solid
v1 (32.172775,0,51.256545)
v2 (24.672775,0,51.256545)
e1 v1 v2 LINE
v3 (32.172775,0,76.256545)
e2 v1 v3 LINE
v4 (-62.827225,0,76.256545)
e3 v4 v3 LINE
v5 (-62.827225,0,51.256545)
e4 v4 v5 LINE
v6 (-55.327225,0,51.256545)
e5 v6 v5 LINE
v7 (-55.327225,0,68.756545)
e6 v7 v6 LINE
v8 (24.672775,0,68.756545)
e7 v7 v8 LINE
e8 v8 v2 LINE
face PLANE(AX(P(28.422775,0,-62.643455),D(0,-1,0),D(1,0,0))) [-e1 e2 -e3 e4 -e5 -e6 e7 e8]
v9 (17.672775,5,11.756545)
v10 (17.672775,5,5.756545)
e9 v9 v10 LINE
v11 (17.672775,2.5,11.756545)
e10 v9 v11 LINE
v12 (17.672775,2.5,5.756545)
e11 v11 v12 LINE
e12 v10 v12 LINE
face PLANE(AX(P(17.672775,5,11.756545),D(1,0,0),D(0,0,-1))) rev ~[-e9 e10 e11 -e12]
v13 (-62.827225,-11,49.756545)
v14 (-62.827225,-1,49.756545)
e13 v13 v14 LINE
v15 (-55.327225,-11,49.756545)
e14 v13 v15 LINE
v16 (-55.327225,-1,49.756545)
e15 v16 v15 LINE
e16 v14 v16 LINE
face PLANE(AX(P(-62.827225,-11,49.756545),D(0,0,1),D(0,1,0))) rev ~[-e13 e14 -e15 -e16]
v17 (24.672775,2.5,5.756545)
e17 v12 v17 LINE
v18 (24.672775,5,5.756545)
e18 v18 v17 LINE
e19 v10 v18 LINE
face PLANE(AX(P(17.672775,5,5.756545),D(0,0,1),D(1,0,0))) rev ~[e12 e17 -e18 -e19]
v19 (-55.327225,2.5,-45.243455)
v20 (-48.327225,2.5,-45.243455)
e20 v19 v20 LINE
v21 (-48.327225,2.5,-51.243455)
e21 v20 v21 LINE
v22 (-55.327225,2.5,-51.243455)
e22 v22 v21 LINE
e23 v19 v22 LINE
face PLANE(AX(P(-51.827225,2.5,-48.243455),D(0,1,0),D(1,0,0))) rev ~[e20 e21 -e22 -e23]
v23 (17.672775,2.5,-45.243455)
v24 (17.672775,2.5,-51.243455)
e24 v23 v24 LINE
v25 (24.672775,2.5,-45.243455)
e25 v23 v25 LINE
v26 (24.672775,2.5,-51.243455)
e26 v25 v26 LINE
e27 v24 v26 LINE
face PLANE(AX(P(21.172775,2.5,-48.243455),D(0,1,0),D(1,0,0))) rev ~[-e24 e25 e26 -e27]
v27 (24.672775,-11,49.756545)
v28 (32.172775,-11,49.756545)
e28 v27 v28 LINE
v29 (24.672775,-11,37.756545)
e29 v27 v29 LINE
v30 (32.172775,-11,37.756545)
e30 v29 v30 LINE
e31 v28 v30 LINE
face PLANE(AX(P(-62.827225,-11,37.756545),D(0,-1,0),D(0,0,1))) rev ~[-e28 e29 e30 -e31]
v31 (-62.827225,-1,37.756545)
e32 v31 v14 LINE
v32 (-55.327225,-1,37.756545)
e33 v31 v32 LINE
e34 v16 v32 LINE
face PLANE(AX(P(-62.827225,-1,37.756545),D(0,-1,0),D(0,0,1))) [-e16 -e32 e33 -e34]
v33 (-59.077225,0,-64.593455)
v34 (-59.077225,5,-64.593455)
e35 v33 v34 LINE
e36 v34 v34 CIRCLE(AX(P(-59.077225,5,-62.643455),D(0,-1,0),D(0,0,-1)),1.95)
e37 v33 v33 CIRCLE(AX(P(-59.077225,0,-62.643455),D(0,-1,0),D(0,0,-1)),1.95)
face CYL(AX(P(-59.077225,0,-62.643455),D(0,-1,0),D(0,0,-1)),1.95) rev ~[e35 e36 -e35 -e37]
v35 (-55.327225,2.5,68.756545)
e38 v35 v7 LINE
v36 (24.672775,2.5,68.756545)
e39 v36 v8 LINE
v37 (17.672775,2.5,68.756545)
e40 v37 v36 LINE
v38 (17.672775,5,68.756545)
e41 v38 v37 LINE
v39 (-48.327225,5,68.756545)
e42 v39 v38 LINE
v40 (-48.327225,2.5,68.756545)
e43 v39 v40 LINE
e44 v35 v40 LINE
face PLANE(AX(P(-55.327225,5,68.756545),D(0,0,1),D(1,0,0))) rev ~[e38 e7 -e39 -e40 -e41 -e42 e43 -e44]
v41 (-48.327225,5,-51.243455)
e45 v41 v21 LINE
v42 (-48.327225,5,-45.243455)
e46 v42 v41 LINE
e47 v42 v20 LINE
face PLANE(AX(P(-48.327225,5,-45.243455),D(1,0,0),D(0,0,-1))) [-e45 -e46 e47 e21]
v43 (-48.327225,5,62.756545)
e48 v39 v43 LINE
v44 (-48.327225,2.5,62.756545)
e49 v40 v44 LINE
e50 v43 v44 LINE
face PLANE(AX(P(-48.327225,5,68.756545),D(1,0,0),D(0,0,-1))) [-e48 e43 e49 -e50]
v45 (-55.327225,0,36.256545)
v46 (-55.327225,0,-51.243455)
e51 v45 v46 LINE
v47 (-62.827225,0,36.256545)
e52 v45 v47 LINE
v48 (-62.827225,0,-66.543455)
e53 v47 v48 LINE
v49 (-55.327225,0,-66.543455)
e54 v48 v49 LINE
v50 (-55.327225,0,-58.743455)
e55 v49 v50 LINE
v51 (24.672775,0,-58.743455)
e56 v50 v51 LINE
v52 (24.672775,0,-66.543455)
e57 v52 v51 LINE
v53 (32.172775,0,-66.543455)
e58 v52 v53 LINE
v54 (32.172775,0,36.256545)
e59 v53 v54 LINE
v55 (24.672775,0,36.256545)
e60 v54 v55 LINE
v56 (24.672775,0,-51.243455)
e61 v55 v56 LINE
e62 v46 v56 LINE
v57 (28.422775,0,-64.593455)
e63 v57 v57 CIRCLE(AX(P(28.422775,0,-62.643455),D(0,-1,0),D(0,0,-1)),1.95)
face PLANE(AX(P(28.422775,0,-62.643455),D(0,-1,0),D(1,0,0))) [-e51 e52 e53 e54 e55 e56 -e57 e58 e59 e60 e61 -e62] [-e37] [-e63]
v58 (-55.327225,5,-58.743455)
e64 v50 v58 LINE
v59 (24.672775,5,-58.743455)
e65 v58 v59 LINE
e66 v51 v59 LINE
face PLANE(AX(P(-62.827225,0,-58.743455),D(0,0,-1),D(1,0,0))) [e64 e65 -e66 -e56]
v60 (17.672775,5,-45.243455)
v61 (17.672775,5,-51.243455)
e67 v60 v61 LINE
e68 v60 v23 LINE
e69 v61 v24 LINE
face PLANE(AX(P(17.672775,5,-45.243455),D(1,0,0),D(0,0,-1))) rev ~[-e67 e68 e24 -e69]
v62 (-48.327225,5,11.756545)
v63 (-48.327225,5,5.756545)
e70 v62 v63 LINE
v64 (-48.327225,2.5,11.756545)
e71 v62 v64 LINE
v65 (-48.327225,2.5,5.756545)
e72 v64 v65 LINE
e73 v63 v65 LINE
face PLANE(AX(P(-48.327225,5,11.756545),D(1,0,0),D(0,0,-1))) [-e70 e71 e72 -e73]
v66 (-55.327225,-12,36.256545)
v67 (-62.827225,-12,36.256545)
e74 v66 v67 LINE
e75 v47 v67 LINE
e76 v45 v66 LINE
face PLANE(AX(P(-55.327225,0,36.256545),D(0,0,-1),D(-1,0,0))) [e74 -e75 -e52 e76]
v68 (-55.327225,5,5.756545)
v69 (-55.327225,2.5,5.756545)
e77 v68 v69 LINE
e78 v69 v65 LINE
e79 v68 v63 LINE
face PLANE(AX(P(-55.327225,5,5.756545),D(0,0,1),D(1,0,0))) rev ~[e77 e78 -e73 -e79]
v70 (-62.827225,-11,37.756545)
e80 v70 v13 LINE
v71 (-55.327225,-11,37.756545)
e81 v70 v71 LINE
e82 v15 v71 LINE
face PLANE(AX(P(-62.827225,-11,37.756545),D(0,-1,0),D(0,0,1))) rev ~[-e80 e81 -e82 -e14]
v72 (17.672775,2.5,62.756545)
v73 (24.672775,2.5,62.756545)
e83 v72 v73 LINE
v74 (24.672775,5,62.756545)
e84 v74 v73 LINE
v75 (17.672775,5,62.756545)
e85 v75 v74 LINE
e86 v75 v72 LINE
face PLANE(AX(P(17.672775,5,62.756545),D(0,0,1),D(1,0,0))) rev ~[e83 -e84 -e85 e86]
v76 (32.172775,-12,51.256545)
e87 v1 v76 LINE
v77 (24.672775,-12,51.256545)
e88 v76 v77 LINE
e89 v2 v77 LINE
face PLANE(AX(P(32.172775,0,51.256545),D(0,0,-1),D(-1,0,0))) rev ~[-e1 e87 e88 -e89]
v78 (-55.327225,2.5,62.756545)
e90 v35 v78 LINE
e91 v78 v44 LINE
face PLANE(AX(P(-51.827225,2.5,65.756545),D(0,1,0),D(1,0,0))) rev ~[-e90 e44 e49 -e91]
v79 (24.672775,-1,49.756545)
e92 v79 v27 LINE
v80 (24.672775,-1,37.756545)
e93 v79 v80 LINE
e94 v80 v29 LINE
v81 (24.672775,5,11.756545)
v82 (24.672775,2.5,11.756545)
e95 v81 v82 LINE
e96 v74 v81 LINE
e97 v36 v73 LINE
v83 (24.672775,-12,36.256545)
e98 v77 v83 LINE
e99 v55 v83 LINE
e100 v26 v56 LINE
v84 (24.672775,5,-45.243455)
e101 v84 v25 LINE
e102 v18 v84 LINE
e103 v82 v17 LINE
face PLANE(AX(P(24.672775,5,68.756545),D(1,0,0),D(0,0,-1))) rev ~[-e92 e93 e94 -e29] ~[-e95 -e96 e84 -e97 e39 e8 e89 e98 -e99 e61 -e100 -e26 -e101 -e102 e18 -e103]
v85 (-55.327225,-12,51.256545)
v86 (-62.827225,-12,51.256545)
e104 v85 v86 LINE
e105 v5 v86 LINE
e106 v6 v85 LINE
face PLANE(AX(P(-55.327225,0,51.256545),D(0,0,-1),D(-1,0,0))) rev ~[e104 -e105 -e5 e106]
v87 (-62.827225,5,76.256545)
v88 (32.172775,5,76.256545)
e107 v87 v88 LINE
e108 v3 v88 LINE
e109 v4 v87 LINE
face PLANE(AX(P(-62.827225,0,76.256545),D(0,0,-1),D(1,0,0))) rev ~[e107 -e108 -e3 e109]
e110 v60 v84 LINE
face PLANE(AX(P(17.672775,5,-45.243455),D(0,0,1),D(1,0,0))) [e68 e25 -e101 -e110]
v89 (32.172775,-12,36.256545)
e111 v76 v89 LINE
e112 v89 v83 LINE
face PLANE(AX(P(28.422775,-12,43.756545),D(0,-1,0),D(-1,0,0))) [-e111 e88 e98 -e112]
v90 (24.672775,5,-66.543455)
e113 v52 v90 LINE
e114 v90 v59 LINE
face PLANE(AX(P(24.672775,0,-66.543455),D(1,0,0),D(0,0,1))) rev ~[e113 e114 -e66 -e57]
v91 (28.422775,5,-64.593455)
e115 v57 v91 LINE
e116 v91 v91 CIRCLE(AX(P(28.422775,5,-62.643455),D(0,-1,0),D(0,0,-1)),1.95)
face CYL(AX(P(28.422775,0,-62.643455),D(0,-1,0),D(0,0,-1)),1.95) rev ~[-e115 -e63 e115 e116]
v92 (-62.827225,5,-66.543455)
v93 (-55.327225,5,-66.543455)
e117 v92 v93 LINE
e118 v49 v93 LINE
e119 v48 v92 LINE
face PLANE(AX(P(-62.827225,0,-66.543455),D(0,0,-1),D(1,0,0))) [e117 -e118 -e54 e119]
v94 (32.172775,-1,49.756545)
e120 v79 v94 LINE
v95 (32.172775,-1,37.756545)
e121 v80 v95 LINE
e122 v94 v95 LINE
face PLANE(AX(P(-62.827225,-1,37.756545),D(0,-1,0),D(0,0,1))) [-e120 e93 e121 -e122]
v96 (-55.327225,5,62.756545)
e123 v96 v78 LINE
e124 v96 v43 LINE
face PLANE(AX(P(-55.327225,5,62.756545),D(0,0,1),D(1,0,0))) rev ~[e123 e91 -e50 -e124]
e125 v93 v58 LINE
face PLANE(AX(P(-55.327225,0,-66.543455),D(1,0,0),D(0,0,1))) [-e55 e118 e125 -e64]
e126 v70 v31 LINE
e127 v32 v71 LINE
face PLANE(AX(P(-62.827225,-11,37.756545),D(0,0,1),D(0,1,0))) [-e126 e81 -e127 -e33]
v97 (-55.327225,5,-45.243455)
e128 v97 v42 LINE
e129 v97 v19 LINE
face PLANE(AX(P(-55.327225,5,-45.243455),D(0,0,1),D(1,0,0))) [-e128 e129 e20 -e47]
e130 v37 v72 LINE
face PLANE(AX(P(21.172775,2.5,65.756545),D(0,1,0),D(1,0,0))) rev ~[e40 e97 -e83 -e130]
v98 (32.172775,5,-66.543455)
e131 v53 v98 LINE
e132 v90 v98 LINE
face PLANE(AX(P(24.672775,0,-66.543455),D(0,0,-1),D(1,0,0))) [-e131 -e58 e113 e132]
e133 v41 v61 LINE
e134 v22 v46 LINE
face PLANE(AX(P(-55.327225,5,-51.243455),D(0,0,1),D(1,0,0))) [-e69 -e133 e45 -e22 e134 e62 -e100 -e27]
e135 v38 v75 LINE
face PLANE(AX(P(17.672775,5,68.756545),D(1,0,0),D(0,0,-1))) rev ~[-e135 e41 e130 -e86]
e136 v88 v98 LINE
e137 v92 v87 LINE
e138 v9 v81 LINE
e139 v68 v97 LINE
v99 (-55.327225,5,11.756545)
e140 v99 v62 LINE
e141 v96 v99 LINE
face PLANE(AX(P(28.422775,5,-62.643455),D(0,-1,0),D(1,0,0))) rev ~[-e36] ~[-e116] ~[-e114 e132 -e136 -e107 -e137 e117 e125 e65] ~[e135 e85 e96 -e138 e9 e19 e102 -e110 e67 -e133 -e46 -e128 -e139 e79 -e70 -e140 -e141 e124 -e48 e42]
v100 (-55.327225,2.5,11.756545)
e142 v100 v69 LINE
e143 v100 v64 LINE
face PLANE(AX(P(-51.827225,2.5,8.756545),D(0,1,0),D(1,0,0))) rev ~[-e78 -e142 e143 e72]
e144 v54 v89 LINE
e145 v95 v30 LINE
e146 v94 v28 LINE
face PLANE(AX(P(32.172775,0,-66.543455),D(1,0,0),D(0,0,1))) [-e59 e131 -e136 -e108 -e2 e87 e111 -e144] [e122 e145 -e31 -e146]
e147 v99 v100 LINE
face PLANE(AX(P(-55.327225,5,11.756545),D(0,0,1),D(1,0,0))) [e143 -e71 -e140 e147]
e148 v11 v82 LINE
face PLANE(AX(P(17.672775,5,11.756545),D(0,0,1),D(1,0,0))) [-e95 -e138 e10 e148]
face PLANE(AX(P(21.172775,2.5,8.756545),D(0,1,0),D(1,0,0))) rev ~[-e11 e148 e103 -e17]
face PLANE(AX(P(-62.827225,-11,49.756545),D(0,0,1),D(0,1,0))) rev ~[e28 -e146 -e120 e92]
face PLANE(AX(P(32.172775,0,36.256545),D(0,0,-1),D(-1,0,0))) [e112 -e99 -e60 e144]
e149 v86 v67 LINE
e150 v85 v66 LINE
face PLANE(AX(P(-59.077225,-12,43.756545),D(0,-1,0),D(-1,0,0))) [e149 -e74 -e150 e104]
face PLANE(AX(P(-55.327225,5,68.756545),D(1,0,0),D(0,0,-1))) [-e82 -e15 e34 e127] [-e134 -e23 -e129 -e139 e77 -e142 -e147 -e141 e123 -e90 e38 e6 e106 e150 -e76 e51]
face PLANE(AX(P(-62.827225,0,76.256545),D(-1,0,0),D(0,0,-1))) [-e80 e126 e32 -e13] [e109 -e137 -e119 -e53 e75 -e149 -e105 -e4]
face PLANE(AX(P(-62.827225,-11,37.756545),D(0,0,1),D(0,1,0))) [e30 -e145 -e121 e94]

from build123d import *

# Parameters (mm, degrees)
SKETCH1_W           = 95
SKETCH1_H           = 135
BOSS_EXTRUDE1_DEPTH = 5
SKETCH3_W           = 80
SKETCH3_H           = 120
CUT_EXTRUDE1_DEPTH  = 99.930888994
SKETCH4_W           = 7
SKETCH4_H           = 6
BOSS_EXTRUDE4_DEPTH = 2.5
SKETCH6_W           = 7.5
SKETCH6_H           = 7.8
BOSS_EXTRUDE5_DEPTH = 5
SKETCH7_R           = 1.95
CUT_EXTRUDE2_DEPTH  = 10
SKETCH16_W          = 7.5
SKETCH16_H          = 15
BOSS_EXTRUDE9_DEPTH = 12
SKETCH18_W          = 12
SKETCH18_H          = 10
CUT_EXTRUDE3_DEPTH  = 1002


with BuildPart() as part:
    # Sketch1 → Boss-Extrude1 (new body)
    with BuildSketch(Plane(origin=(0, 0, 0), x_dir=(1, 0, 0), z_dir=(0, 1, 0))):
        with Locations((-15.327225131, -8.756544503)):
            Rectangle(SKETCH1_W, SKETCH1_H)
    extrude(amount=BOSS_EXTRUDE1_DEPTH)

    # Sketch3 → Cut-Extrude1 (cut, through all)
    with BuildSketch(Plane(origin=(0, 5, 0), x_dir=(1, 0, 0), z_dir=(0, 1, 0))):
        with Locations((-15.327225131, -8.756544503)):
            Rectangle(SKETCH3_W, SKETCH3_H)
    extrude(amount=-CUT_EXTRUDE1_DEPTH, mode=Mode.SUBTRACT)

    # Sketch4 → Boss-Extrude4 (add)
    with BuildSketch(Plane(origin=(0, 5, 0), x_dir=(1, 0, 0), z_dir=(0, 1, 0))):
        with Locations((-51.827225131, 48.243455497)):
            Rectangle(SKETCH4_W, SKETCH4_H)
        with Locations((21.172774869, -65.756544503)):
            Rectangle(SKETCH4_W, SKETCH4_H)
        with Locations((21.172774869, 48.243455497)):
            Rectangle(SKETCH4_W, SKETCH4_H)
        with Locations((-51.827225131, -65.756544503)):
            Rectangle(SKETCH4_W, SKETCH4_H)
        with Locations((-51.827225131, -8.756544503)):
            Rectangle(SKETCH4_W, SKETCH4_H)
        with Locations((21.172774869, -8.756544503)):
            Rectangle(SKETCH4_W, SKETCH4_H)
    extrude(amount=-BOSS_EXTRUDE4_DEPTH)

    # Sketch6 → Boss-Extrude5 (add)
    with BuildSketch(Plane.XZ):
        with Locations((28.422774869, -62.643455497)):
            Rectangle(SKETCH6_W, SKETCH6_H)
        with Locations((-59.077225131, -62.643455497)):
            Rectangle(SKETCH6_W, SKETCH6_H)
    extrude(amount=-BOSS_EXTRUDE5_DEPTH)

    # Sketch7 → Cut-Extrude2 (cut)
    with BuildSketch(Plane(origin=(0, 0, 0), x_dir=(-1, 0, 0), z_dir=(0, -1, 0))):
        with Locations(Location((59.077225131, 62.643455497, 0), (0, 0, 90))):
            Circle(SKETCH7_R)
        with Locations(Location((-28.422774869, 62.643455497, 0), (0, 0, 90))):
            Circle(SKETCH7_R)
    extrude(amount=-CUT_EXTRUDE2_DEPTH, mode=Mode.SUBTRACT)

    # Sketch16 → Boss-Extrude9 (add)
    with BuildSketch(Plane(origin=(0, 0, 0), x_dir=(-1, 0, 0), z_dir=(0, -1, 0))):
        with Locations((59.077225131, -43.756544503)):
            Rectangle(SKETCH16_W, SKETCH16_H)
        with Locations((-28.422774869, -43.756544503)):
            Rectangle(SKETCH16_W, SKETCH16_H)
    extrude(amount=BOSS_EXTRUDE9_DEPTH)

    # Sketch18 → Cut-Extrude3 (cut)
    with BuildSketch(Plane.ZY.offset(62.827225131)):
        with Locations((43.756544503, -6)):
            Rectangle(SKETCH18_W, SKETCH18_H)
    extrude(amount=-CUT_EXTRUDE3_DEPTH, mode=Mode.SUBTRACT)


solid = part.part
